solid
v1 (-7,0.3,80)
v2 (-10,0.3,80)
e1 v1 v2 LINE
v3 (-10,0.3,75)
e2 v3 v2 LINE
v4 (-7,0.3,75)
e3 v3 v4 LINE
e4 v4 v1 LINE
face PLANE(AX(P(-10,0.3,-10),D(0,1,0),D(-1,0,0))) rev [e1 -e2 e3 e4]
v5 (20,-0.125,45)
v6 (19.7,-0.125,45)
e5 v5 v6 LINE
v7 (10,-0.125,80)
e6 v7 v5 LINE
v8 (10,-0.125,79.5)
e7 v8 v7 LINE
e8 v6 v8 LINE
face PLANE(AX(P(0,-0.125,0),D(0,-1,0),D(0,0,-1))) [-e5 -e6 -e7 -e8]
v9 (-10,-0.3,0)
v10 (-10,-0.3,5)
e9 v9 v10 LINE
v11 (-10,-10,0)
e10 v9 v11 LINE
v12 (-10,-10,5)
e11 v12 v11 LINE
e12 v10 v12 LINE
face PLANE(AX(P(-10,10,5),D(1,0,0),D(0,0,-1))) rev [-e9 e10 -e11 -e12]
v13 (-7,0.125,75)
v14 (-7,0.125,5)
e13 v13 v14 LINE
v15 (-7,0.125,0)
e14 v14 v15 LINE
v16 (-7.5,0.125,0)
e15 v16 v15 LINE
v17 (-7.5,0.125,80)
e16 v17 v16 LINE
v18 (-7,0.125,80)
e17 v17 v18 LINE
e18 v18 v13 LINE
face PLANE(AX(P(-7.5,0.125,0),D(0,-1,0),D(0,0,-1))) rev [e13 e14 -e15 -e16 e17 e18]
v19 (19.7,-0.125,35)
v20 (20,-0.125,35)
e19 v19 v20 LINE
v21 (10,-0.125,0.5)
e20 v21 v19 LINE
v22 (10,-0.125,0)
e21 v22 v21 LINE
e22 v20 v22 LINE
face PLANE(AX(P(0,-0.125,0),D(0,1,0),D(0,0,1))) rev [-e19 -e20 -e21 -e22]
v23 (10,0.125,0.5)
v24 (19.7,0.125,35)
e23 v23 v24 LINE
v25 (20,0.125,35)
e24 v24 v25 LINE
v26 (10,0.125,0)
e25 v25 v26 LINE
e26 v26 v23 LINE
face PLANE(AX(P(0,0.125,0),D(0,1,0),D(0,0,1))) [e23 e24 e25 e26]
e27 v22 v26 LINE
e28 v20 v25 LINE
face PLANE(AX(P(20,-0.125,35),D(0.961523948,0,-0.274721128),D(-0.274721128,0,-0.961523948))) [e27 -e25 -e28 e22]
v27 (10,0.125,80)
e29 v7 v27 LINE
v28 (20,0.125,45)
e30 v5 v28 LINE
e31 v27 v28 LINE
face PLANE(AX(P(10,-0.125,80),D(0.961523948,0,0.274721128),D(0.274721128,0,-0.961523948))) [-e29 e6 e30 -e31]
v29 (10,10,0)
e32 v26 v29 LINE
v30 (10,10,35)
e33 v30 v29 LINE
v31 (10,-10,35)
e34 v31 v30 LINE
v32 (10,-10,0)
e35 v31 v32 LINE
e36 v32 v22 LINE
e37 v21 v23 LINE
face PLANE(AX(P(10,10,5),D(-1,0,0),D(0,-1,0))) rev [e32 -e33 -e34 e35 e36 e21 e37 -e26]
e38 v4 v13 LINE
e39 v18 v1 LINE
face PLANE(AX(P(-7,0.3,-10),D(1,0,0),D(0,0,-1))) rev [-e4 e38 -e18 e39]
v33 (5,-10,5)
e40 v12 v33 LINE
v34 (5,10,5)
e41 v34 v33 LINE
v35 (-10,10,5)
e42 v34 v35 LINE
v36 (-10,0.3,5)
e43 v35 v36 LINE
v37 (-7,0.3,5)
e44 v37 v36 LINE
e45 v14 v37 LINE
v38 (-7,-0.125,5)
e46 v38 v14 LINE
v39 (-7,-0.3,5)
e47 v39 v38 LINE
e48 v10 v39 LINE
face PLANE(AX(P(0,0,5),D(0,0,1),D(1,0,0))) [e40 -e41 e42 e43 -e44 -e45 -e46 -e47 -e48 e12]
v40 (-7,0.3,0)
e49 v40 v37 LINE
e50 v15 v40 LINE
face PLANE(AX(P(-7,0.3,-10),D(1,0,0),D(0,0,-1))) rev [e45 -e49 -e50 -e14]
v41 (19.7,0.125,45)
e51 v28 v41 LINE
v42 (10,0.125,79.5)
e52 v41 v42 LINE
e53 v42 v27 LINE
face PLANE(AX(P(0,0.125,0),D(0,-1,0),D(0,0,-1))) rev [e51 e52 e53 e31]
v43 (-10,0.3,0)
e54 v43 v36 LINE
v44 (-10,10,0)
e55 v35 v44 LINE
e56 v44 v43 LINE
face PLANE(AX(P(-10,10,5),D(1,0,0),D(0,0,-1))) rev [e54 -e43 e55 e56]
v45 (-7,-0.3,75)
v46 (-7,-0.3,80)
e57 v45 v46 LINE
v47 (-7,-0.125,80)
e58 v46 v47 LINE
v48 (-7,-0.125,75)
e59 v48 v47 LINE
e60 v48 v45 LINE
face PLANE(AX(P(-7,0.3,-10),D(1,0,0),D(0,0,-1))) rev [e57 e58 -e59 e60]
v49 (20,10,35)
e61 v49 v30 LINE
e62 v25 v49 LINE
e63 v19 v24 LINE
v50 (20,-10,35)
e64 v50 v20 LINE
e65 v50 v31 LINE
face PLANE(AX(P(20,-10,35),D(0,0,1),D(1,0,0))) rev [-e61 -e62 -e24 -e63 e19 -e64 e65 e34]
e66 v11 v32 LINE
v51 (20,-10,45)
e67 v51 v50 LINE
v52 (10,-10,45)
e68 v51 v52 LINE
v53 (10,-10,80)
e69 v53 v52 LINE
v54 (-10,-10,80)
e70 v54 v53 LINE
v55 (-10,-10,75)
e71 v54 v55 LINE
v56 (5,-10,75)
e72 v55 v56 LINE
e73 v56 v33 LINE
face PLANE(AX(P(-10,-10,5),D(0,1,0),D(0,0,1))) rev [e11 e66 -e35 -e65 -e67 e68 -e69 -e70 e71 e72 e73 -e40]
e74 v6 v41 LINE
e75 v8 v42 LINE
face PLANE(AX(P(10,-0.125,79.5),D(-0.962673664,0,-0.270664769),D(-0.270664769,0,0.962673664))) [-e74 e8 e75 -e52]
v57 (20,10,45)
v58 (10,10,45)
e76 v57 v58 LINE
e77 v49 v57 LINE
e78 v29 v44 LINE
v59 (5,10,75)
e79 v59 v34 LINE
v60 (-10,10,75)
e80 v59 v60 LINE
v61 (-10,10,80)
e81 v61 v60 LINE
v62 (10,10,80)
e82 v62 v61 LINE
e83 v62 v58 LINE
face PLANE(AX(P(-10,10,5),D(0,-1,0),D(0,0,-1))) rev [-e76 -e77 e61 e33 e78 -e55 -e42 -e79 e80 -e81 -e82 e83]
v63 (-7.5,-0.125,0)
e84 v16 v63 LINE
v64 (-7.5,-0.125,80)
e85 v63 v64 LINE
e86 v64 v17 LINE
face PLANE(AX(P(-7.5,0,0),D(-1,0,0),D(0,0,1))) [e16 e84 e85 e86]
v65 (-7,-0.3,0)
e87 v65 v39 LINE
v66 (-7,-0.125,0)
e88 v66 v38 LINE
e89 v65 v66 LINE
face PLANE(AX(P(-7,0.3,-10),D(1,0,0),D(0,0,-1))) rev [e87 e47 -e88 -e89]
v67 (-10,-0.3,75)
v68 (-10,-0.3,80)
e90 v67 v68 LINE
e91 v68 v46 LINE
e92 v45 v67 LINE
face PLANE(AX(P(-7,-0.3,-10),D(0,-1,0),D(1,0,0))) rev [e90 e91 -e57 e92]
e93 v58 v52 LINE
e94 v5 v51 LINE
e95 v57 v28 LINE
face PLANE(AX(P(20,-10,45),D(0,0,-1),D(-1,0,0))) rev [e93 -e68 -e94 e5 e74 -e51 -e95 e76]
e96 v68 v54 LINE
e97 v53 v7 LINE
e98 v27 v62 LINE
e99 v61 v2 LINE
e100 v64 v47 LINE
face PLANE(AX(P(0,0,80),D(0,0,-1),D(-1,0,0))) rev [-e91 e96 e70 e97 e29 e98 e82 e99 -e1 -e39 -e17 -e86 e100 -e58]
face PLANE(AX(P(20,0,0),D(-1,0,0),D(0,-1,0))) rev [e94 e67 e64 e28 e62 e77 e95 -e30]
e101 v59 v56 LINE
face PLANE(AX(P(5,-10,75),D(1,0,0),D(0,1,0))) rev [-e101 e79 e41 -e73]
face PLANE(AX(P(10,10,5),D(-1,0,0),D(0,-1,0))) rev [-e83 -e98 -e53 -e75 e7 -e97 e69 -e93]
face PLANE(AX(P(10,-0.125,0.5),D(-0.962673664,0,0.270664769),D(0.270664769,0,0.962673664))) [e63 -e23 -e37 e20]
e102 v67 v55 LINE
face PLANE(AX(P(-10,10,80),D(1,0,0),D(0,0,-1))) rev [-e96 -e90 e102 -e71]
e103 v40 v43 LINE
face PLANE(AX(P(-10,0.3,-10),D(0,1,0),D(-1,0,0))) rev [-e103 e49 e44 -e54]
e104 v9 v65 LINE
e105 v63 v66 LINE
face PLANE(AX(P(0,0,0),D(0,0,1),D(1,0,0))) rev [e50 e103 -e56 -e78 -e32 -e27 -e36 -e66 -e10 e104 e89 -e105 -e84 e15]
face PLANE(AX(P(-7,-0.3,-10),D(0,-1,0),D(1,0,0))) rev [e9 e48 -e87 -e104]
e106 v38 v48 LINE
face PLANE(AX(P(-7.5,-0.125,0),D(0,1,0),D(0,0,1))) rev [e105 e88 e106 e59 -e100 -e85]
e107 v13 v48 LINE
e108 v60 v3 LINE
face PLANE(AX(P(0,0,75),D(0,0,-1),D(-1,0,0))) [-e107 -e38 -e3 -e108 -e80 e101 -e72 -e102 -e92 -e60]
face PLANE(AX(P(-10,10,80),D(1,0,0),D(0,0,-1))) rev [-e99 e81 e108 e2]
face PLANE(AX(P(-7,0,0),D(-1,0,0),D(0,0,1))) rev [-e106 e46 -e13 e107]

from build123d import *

# Parameters (mm, degrees)
ESQUISSE1_W             = 20
ESQUISSE1_H             = 20
BOSS_EXTRU_1_DEPTH      = 5
ESQUISSE2_W             = 5
ESQUISSE2_H             = 20
BOSS_EXTRU_2_DEPTH      = 70
ESQUISSE3_W             = 20
ESQUISSE3_H             = 20
BOSS_EXTRU_3_DEPTH      = 5
ESQUISSE4_W             = 3
ESQUISSE4_H             = 0.6
ENL_V_MAT_EXTRU_1_DEPTH = 90
ESQUISSE5_W             = 80
ESQUISSE5_H             = 0.25
BOSS_EXTRU_4_DEPTH      = 0.5
ESQUISSE8_W             = 10
ESQUISSE8_H             = 20
BOSS_EXTRU_6_DEPTH      = 10
BOSS_EXTRU_8_DEPTH      = 0.125
BOSS_EXTRU_8_DEPTH_BACK = 0.125


with BuildPart() as part:
    # Esquisse1 → Boss.-Extru.1 (new body)
    with BuildSketch(Plane.XY):
        Rectangle(ESQUISSE1_W, ESQUISSE1_H)
    extrude(amount=BOSS_EXTRU_1_DEPTH)

    # Esquisse2 → Boss.-Extru.2 (add)
    with BuildSketch(Plane.XY.offset(5)):
        with Locations((7.5, 0)):
            Rectangle(ESQUISSE2_W, ESQUISSE2_H)
    extrude(amount=BOSS_EXTRU_2_DEPTH)

    # Esquisse3 → Boss.-Extru.3 (add)
    with BuildSketch(Plane.XY.offset(75)):
        Rectangle(ESQUISSE3_W, ESQUISSE3_H)
    extrude(amount=BOSS_EXTRU_3_DEPTH)

    # Esquisse4 → Enlèv. mat.-Extru.1 (cut)
    with BuildSketch(Plane.XY.offset(80)):
        with Locations((-8.5, 0)):
            Rectangle(ESQUISSE4_W, ESQUISSE4_H)
    extrude(amount=-ENL_V_MAT_EXTRU_1_DEPTH, mode=Mode.SUBTRACT)

    # Esquisse5 → Boss.-Extru.4 (add)
    with BuildSketch(Plane.ZY.offset(7)):
        with Locations((40, 0)):
            Rectangle(ESQUISSE5_W, ESQUISSE5_H)
    extrude(amount=BOSS_EXTRU_4_DEPTH)

    # Esquisse8 → Boss.-Extru.6 (add)
    with BuildSketch(Plane(origin=(10, 0, 0), x_dir=(0, 0, -1), z_dir=(1, 0, 0))):
        with Locations((-40, 0)):
            Rectangle(ESQUISSE8_W, ESQUISSE8_H)
    extrude(amount=BOSS_EXTRU_6_DEPTH)

    # Esquisse10 → Boss.-Extru.8 (add, two sides: drawn at the far end of the back side and taken through both)
    with BuildSketch(Plane(origin=(0, 0, 0), x_dir=(1, 0, 0), z_dir=(0, 1, 0)).offset(-BOSS_EXTRU_8_DEPTH_BACK)):
        Polygon((10, -79.5), (19.7, -45), (20, -45), (10, -80), align=None)
        Polygon((19.7, -35), (20, -35), (10, 0), (10, -0.5), align=None)
    extrude(amount=BOSS_EXTRU_8_DEPTH + BOSS_EXTRU_8_DEPTH_BACK)


solid = part.part
